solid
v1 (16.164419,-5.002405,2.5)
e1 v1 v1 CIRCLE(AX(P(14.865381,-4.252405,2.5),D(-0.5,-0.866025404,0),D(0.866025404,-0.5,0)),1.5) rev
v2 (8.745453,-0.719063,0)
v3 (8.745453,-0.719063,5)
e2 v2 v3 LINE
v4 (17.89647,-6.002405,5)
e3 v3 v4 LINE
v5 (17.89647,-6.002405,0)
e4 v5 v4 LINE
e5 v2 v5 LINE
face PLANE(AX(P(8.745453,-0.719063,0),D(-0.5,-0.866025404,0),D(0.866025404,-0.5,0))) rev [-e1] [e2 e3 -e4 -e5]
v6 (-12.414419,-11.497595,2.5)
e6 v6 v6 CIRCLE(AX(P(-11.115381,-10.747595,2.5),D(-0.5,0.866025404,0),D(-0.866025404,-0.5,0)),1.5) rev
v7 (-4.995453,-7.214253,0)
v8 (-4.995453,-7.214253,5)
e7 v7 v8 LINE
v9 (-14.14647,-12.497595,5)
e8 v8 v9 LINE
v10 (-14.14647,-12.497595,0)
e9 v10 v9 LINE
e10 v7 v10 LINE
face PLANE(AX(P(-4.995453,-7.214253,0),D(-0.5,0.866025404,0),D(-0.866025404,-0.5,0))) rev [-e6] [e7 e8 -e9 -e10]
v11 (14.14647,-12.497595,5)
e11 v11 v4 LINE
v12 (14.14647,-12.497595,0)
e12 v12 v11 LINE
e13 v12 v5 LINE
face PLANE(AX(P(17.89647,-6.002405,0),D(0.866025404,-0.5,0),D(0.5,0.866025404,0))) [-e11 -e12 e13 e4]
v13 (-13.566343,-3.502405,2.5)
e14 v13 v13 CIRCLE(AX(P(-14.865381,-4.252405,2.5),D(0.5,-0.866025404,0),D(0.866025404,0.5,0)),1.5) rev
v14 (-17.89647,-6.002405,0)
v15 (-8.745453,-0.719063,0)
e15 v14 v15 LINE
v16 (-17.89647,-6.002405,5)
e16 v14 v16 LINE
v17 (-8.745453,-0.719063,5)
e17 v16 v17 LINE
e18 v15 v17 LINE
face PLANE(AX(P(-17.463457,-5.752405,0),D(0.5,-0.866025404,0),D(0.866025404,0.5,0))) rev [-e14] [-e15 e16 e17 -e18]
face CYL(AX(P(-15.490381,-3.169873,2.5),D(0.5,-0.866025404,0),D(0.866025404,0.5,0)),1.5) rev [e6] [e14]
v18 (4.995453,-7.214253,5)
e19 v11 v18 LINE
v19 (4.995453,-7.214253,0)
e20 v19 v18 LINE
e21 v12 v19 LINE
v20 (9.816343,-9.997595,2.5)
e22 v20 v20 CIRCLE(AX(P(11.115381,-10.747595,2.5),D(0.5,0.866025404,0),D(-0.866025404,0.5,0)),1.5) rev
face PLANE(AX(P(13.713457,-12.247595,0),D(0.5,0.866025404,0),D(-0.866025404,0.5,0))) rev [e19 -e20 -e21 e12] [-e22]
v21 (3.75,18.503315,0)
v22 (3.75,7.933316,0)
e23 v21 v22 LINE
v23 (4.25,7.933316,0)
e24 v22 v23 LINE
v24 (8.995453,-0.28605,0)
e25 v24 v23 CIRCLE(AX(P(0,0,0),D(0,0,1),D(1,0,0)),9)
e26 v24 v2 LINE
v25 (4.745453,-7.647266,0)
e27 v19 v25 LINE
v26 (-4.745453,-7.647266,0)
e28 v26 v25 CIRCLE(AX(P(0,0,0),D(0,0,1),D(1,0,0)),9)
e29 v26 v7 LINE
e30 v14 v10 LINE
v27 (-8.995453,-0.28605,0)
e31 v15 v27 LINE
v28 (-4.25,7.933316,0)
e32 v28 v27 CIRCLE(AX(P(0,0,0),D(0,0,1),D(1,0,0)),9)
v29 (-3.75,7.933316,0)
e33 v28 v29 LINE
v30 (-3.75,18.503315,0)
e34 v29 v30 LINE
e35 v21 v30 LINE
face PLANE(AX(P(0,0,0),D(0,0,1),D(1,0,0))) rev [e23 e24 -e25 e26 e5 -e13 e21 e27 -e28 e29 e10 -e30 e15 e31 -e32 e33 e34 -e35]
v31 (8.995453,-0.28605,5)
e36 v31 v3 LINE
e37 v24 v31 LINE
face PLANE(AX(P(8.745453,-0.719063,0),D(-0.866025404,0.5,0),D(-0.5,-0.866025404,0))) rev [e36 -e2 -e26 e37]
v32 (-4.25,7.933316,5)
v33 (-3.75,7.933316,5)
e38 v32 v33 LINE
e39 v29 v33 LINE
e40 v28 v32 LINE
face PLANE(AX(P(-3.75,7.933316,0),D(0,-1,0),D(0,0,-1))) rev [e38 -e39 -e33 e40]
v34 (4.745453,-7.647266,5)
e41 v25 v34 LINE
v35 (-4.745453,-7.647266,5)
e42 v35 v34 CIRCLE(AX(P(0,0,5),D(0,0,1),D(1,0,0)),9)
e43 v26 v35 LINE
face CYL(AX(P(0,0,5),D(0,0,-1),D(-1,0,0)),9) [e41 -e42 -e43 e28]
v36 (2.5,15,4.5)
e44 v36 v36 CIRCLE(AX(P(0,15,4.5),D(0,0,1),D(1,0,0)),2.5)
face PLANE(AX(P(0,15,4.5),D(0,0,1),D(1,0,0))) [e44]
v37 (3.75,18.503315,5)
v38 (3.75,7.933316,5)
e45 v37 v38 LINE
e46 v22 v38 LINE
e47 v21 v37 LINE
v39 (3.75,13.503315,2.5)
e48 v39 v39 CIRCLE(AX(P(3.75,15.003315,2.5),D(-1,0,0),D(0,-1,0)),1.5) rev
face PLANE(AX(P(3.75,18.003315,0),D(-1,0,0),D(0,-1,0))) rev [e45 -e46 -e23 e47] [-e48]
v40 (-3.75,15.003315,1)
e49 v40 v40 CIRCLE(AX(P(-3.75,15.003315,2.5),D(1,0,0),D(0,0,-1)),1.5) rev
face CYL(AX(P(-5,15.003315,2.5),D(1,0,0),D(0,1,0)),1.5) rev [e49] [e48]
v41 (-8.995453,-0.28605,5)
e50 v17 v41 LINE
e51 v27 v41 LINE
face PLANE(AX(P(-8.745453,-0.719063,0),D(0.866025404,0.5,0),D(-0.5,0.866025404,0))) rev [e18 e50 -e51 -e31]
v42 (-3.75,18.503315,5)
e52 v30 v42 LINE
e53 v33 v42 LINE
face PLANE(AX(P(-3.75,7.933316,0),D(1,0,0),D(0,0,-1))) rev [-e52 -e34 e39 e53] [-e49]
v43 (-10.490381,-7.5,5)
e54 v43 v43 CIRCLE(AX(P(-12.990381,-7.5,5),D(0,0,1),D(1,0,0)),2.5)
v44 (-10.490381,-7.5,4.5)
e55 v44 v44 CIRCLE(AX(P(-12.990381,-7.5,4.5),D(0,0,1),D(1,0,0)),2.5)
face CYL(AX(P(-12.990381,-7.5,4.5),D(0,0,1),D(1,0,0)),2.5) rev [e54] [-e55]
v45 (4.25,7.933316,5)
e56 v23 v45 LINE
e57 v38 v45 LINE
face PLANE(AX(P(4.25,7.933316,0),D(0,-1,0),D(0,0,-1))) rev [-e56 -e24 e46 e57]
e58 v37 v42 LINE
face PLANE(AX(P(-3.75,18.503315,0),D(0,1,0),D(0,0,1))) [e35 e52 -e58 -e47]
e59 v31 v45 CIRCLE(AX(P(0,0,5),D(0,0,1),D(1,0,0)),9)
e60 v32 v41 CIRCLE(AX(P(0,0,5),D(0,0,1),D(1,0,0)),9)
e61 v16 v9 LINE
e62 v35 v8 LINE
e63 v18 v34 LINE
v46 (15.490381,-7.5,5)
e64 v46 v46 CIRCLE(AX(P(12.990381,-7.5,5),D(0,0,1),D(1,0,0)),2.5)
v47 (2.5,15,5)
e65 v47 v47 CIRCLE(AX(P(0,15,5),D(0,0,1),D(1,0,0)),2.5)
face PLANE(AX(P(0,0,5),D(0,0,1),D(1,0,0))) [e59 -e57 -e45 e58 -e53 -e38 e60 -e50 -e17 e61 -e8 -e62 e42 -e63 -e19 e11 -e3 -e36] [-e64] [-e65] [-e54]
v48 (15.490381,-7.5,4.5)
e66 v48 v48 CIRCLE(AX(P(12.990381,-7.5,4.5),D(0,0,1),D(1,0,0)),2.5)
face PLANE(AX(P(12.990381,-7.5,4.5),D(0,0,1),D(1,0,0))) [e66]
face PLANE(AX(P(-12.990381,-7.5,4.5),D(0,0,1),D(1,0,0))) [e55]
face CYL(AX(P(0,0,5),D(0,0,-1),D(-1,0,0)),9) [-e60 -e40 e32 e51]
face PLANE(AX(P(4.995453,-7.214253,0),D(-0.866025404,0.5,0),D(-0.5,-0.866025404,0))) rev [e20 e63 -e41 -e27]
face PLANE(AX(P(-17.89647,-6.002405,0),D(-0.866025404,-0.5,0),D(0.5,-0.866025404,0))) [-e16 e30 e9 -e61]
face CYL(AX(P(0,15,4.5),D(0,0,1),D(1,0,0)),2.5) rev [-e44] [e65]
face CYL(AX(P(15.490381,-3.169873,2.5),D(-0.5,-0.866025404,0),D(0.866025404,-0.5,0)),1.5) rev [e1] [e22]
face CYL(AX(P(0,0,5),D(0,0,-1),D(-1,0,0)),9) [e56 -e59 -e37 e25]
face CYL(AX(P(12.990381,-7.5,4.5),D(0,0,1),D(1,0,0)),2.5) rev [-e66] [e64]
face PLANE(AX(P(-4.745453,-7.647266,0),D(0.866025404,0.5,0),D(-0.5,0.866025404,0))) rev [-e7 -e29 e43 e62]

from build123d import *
from build123d.topology import SkipClean

# Parameters (mm, degrees)
EXTRUDE_1_DEPTH      = 5
SKETCH_2_R           = 1.5
CUT_EXTRUDE_1_DEPTH  = 10
SKETCH_3_R           = 1.5
CUT_EXTRUDE_2_DEPTH  = 10
SKETCH_4_R           = 1.5
CUT_EXTRUDE_3_DEPTH  = 10
CUT_EXTRUDE_4_DEPTH  = 3
SKETCH_6_R           = 2.5
CUT_EXTRUDE_5_DEPTH  = 5
CUT_EXTRUDE_START    = -10
CUT_EXTRUDE_6_DEPTH  = 10
SKETCH_9_R           = 2.9
CUT_EXTRUDE_7_DEPTH  = 10
CUT_EXTRUDE_8_DEPTH  = 10
SKETCH_12_R          = 2.5
CUT_EXTRUDE_10_DEPTH = 0.5
SKETCH_13_R          = 5.742346741
EXTRUDE_2_DEPTH      = 5
SKETCH_14_W          = 0.5
SKETCH_14_H          = 10.069998948
CUT_EXTRUDE_11_DEPTH = 5
SKETCH_16_W          = 7.5
SKETCH_16_H          = 0.5
EXTRUDE_3_DEPTH      = 5


with BuildPart() as part:
    # 草图1 → 凸台-拉伸1 (new body)
    with BuildSketch(Plane.XY):
        with BuildLine():
            Line((8.980740698, 0.588469632), (18.088457268, -4.669872981))
            Line((18.088457268, -4.669872981), (13.088457268, -13.330127019))
            Line((13.088457268, -13.330127019), (3.980740698, -8.071784406))
            ThreePointArc((3.980740698, -8.071784406), (0, -9), (-3.980740698, -8.071784406))
            Line((-3.980740698, -8.071784406), (-13.088457268, -13.330127019))
            Line((-13.088457268, -13.330127019), (-18.088457268, -4.669872981))
            Line((-18.088457268, -4.669872981), (-8.980740698, 0.588469632))
            ThreePointArc((-8.980740698, 0.588469632), (-7.794228634, 4.5), (-5, 7.483314774))
            Line((-5, 7.483314774), (-5, 18.003314774))
            Line((-5, 18.003314774), (5, 18.003314774))
            Line((5, 18.003314774), (5, 7.483314774))
            ThreePointArc((5, 7.483314774), (7.794228634, 4.5), (8.980740698, 0.588469632))
        make_face()
    extrude(amount=EXTRUDE_1_DEPTH)

    # 草图2 → 切除-拉伸1 (cut)
    with BuildSketch(Plane(origin=(5, 0, 0), x_dir=(0, 0, -1), z_dir=(1, 0, 0))):
        with Locations(Location((-2.5, 15.003314774, 0), (0, 0, 90))):
            Circle(SKETCH_2_R)
    extrude(amount=-CUT_EXTRUDE_1_DEPTH, mode=Mode.SUBTRACT)

    # 草图3 → 切除-拉伸2 (cut)
    with BuildSketch(Plane(origin=(-2.5, -4.330127019, 0), x_dir=(0.8660254037844364, -0.5000000000000041, 0), z_dir=(-0.500000000000004, -0.8660254037844363, 0))):
        with Locations((15, 2.5)):
            Circle(SKETCH_3_R)
    extrude(amount=-CUT_EXTRUDE_2_DEPTH, mode=Mode.SUBTRACT)

    # 草图4 → 切除-拉伸3 (cut)
    with BuildSketch(Plane(origin=(2.5, -4.330127019, 0), x_dir=(0.8660254037844434, 0.49999999999999184, 0), z_dir=(0.49999999999999184, -0.8660254037844434, 0))):
        with Locations((-15, 2.5)):
            Circle(SKETCH_4_R)
    extrude(amount=-CUT_EXTRUDE_3_DEPTH, mode=Mode.SUBTRACT)

    # 草图5 → 切除-拉伸4 (cut)
    with BuildSketch(Plane.XY.offset(5)):
        Polygon((-4, 0), (-2, -3.464101615), (2, -3.464101615), (4, 0), (2, 3.464101615), (-2, 3.464101615), align=None)
    extrude(amount=-CUT_EXTRUDE_4_DEPTH, mode=Mode.SUBTRACT)

    # 草图6 → 切除-拉伸5 (cut)
    with BuildSketch(Plane.XY.offset(5)):
        Circle(SKETCH_6_R)
    extrude(amount=-CUT_EXTRUDE_5_DEPTH, mode=Mode.SUBTRACT)

    # 草图8 → 切除-拉伸6 (cut)
    with SkipClean():  # the faces are left unmerged after this step: merging them gives an invalid solid
        with BuildSketch(Plane.XY.offset(5).offset(CUT_EXTRUDE_START)):
            with BuildLine():
                Line((-8.999815496, -0.057628503), (-17.813457268, -5.146186953))
                Line((-17.813457268, -5.146186953), (-18.088457268, -4.669872981))
                Line((-18.088457268, -4.669872981), (-8.980740698, 0.588469632))
                ThreePointArc((-8.980740698, 0.588469632), (-8.996080311, 0.265591864), (-8.999815496, -0.057628503))
            make_face()
            with BuildLine():
                Line((-4.549815496, -7.765254597), (-13.363457268, -12.853813047))
                Line((-13.363457268, -12.853813047), (-13.088457268, -13.330127019))
                Line((-13.088457268, -13.330127019), (-3.980740698, -8.071784406))
                ThreePointArc((-3.980740698, -8.071784406), (-4.268030855, -7.923630016), (-4.549815496, -7.765254597))
            make_face()
            with BuildLine():
                Line((-4.45, 7.8228831), (-4.45, 18.003314774))
                Line((-4.45, 18.003314774), (-5, 18.003314774))
                Line((-5, 18.003314774), (-5, 7.483314774))
                ThreePointArc((-5, 7.483314774), (-4.728049456, 7.658038152), (-4.45, 7.8228831))
            make_face()
            with BuildLine():
                Line((4.45, 7.8228831), (4.45, 18.003314774))
                Line((4.45, 18.003314774), (5, 18.003314774))
                Line((5, 18.003314774), (5, 7.483314774))
                ThreePointArc((5, 7.483314774), (4.728049456, 7.658038152), (4.45, 7.8228831))
            make_face()
            with BuildLine():
                Line((4.549815496, -7.765254597), (13.363457268, -12.853813047))
                Line((13.363457268, -12.853813047), (13.088457268, -13.330127019))
                Line((13.088457268, -13.330127019), (3.980740698, -8.071784406))
                ThreePointArc((3.980740698, -8.071784406), (4.268030855, -7.923630016), (4.549815496, -7.765254597))
            make_face()
            with BuildLine():
                Line((8.999815496, -0.057628503), (17.813457268, -5.146186953))
                Line((17.813457268, -5.146186953), (18.088457268, -4.669872981))
                Line((18.088457268, -4.669872981), (8.980740698, 0.588469632))
                ThreePointArc((8.980740698, 0.588469632), (8.996080311, 0.265591864), (8.999815496, -0.057628503))
            make_face()
        extrude(amount=CUT_EXTRUDE_6_DEPTH, mode=Mode.SUBTRACT)

    # 草图9 → 切除-拉伸7 (cut)
    with SkipClean():  # the faces are left unmerged after this step: merging them gives an invalid solid
        with BuildSketch(Plane(origin=(0, 0, 0), x_dir=(-1, 0, 0), z_dir=(0, 0, -1))):
            Circle(SKETCH_9_R)
        extrude(amount=-CUT_EXTRUDE_7_DEPTH, mode=Mode.SUBTRACT)

    # 草图11 → 切除-拉伸8 (cut)
    with BuildSketch(Plane.XY.offset(5).offset(CUT_EXTRUDE_START)):
        with BuildLine():
            Line((17.813457268, -5.146186953), (17.713457268, -5.319392034))
            Line((17.713457268, -5.319392034), (8.995453042, -0.286049947))
            ThreePointArc((8.995453042, -0.286049947), (8.998359102, -0.171853068), (8.999815496, -0.057628503))
            Line((8.999815496, -0.057628503), (17.813457268, -5.146186953))
        make_face()
        with BuildLine():
            Line((-4.45, 18.003314774), (-4.25, 18.003314774))
            Line((-4.25, 18.003314774), (-4.25, 7.933315826))
            ThreePointArc((-4.25, 7.933315826), (-4.350350428, 7.878734109), (-4.45, 7.8228831))
            Line((-4.45, 7.8228831), (-4.45, 18.003314774))
        make_face()
        with BuildLine():
            Line((4.45, 18.003314774), (4.45, 7.8228831))
            ThreePointArc((4.45, 7.8228831), (4.350350428, 7.878734109), (4.25, 7.933315826))
            Line((4.25, 7.933315826), (4.25, 18.003314774))
            Line((4.25, 18.003314774), (4.45, 18.003314774))
        make_face()
        with BuildLine():
            Line((13.363457268, -12.853813047), (4.549815496, -7.765254597))
            ThreePointArc((4.549815496, -7.765254597), (4.648008674, -7.70688104), (4.745453042, -7.647265879))
            Line((4.745453042, -7.647265879), (13.463457268, -12.680607966))
            Line((13.463457268, -12.680607966), (13.363457268, -12.853813047))
        make_face()
        with BuildLine():
            Line((-4.549815496, -7.765254597), (-13.363457268, -12.853813047))
            Line((-13.363457268, -12.853813047), (-13.463457268, -12.680607966))
            Line((-13.463457268, -12.680607966), (-4.745453042, -7.647265879))
            ThreePointArc((-4.745453042, -7.647265879), (-4.648008674, -7.70688104), (-4.549815496, -7.765254597))
        make_face()
        with BuildLine():
            Line((-17.813457268, -5.146186953), (-17.713457268, -5.319392034))
            Line((-17.713457268, -5.319392034), (-8.995453042, -0.286049947))
            ThreePointArc((-8.995453042, -0.286049947), (-8.998359102, -0.171853068), (-8.999815496, -0.057628503))
            Line((-8.999815496, -0.057628503), (-17.813457268, -5.146186953))
        make_face()
    extrude(amount=CUT_EXTRUDE_8_DEPTH, mode=Mode.SUBTRACT)

    # 草图12 → 切除-拉伸10 (cut)
    with BuildSketch(Plane.XY.offset(5)):
        with Locations((0, 15)):
            Circle(SKETCH_12_R)
        with Locations((12.990381057, -7.5)):
            Circle(SKETCH_12_R)
        with Locations((-12.990381057, -7.5)):
            Circle(SKETCH_12_R)
    extrude(amount=-CUT_EXTRUDE_10_DEPTH, mode=Mode.SUBTRACT)

    # 草图13 → 凸台-拉伸2 (add)
    with BuildSketch(Plane.XY.offset(5)):
        Circle(SKETCH_13_R)
    extrude(amount=-EXTRUDE_2_DEPTH)

    # 草图14 → 切除-拉伸11 (cut)
    with BuildSketch(Plane.XY.offset(5)):
        with Locations((-4, 12.9683153)):
            Rectangle(SKETCH_14_W, SKETCH_14_H)
        with Locations((4, 12.9683153)):
            Rectangle(SKETCH_14_W, SKETCH_14_H)
        Polygon((-17.463457268, -5.752404736), (-8.745453042, -0.719062649), (-8.995453042, -0.286049947), (-17.713457268, -5.319392034), align=None)
        Polygon((-4.995453042, -7.214253177), (-13.713457268, -12.247595264), (-13.463457268, -12.680607966), (-4.745453042, -7.647265879), align=None)
        Polygon((13.713457268, -12.247595264), (4.995453042, -7.214253177), (4.745453042, -7.647265879), (13.463457268, -12.680607966), align=None)
        Polygon((8.745453042, -0.719062649), (17.463457268, -5.752404736), (17.713457268, -5.319392034), (8.995453042, -0.286049947), align=None)
    extrude(amount=-CUT_EXTRUDE_11_DEPTH, mode=Mode.SUBTRACT)

    # 草图16 → 凸台-拉伸3 (add)
    with BuildSketch(Plane.XY.offset(5)):
        with Locations((0, 18.253314774)):
            Rectangle(SKETCH_16_W, SKETCH_16_H)
        Polygon((-17.89646997, -6.002404736), (-14.14646997, -12.497595264), (-13.713457268, -12.247595264), (-17.463457268, -5.752404736), align=None)
        Polygon((17.89646997, -6.002404736), (14.14646997, -12.497595264), (13.713457268, -12.247595264), (17.463457268, -5.752404736), align=None)
    extrude(amount=-EXTRUDE_3_DEPTH)


solid = part.part
